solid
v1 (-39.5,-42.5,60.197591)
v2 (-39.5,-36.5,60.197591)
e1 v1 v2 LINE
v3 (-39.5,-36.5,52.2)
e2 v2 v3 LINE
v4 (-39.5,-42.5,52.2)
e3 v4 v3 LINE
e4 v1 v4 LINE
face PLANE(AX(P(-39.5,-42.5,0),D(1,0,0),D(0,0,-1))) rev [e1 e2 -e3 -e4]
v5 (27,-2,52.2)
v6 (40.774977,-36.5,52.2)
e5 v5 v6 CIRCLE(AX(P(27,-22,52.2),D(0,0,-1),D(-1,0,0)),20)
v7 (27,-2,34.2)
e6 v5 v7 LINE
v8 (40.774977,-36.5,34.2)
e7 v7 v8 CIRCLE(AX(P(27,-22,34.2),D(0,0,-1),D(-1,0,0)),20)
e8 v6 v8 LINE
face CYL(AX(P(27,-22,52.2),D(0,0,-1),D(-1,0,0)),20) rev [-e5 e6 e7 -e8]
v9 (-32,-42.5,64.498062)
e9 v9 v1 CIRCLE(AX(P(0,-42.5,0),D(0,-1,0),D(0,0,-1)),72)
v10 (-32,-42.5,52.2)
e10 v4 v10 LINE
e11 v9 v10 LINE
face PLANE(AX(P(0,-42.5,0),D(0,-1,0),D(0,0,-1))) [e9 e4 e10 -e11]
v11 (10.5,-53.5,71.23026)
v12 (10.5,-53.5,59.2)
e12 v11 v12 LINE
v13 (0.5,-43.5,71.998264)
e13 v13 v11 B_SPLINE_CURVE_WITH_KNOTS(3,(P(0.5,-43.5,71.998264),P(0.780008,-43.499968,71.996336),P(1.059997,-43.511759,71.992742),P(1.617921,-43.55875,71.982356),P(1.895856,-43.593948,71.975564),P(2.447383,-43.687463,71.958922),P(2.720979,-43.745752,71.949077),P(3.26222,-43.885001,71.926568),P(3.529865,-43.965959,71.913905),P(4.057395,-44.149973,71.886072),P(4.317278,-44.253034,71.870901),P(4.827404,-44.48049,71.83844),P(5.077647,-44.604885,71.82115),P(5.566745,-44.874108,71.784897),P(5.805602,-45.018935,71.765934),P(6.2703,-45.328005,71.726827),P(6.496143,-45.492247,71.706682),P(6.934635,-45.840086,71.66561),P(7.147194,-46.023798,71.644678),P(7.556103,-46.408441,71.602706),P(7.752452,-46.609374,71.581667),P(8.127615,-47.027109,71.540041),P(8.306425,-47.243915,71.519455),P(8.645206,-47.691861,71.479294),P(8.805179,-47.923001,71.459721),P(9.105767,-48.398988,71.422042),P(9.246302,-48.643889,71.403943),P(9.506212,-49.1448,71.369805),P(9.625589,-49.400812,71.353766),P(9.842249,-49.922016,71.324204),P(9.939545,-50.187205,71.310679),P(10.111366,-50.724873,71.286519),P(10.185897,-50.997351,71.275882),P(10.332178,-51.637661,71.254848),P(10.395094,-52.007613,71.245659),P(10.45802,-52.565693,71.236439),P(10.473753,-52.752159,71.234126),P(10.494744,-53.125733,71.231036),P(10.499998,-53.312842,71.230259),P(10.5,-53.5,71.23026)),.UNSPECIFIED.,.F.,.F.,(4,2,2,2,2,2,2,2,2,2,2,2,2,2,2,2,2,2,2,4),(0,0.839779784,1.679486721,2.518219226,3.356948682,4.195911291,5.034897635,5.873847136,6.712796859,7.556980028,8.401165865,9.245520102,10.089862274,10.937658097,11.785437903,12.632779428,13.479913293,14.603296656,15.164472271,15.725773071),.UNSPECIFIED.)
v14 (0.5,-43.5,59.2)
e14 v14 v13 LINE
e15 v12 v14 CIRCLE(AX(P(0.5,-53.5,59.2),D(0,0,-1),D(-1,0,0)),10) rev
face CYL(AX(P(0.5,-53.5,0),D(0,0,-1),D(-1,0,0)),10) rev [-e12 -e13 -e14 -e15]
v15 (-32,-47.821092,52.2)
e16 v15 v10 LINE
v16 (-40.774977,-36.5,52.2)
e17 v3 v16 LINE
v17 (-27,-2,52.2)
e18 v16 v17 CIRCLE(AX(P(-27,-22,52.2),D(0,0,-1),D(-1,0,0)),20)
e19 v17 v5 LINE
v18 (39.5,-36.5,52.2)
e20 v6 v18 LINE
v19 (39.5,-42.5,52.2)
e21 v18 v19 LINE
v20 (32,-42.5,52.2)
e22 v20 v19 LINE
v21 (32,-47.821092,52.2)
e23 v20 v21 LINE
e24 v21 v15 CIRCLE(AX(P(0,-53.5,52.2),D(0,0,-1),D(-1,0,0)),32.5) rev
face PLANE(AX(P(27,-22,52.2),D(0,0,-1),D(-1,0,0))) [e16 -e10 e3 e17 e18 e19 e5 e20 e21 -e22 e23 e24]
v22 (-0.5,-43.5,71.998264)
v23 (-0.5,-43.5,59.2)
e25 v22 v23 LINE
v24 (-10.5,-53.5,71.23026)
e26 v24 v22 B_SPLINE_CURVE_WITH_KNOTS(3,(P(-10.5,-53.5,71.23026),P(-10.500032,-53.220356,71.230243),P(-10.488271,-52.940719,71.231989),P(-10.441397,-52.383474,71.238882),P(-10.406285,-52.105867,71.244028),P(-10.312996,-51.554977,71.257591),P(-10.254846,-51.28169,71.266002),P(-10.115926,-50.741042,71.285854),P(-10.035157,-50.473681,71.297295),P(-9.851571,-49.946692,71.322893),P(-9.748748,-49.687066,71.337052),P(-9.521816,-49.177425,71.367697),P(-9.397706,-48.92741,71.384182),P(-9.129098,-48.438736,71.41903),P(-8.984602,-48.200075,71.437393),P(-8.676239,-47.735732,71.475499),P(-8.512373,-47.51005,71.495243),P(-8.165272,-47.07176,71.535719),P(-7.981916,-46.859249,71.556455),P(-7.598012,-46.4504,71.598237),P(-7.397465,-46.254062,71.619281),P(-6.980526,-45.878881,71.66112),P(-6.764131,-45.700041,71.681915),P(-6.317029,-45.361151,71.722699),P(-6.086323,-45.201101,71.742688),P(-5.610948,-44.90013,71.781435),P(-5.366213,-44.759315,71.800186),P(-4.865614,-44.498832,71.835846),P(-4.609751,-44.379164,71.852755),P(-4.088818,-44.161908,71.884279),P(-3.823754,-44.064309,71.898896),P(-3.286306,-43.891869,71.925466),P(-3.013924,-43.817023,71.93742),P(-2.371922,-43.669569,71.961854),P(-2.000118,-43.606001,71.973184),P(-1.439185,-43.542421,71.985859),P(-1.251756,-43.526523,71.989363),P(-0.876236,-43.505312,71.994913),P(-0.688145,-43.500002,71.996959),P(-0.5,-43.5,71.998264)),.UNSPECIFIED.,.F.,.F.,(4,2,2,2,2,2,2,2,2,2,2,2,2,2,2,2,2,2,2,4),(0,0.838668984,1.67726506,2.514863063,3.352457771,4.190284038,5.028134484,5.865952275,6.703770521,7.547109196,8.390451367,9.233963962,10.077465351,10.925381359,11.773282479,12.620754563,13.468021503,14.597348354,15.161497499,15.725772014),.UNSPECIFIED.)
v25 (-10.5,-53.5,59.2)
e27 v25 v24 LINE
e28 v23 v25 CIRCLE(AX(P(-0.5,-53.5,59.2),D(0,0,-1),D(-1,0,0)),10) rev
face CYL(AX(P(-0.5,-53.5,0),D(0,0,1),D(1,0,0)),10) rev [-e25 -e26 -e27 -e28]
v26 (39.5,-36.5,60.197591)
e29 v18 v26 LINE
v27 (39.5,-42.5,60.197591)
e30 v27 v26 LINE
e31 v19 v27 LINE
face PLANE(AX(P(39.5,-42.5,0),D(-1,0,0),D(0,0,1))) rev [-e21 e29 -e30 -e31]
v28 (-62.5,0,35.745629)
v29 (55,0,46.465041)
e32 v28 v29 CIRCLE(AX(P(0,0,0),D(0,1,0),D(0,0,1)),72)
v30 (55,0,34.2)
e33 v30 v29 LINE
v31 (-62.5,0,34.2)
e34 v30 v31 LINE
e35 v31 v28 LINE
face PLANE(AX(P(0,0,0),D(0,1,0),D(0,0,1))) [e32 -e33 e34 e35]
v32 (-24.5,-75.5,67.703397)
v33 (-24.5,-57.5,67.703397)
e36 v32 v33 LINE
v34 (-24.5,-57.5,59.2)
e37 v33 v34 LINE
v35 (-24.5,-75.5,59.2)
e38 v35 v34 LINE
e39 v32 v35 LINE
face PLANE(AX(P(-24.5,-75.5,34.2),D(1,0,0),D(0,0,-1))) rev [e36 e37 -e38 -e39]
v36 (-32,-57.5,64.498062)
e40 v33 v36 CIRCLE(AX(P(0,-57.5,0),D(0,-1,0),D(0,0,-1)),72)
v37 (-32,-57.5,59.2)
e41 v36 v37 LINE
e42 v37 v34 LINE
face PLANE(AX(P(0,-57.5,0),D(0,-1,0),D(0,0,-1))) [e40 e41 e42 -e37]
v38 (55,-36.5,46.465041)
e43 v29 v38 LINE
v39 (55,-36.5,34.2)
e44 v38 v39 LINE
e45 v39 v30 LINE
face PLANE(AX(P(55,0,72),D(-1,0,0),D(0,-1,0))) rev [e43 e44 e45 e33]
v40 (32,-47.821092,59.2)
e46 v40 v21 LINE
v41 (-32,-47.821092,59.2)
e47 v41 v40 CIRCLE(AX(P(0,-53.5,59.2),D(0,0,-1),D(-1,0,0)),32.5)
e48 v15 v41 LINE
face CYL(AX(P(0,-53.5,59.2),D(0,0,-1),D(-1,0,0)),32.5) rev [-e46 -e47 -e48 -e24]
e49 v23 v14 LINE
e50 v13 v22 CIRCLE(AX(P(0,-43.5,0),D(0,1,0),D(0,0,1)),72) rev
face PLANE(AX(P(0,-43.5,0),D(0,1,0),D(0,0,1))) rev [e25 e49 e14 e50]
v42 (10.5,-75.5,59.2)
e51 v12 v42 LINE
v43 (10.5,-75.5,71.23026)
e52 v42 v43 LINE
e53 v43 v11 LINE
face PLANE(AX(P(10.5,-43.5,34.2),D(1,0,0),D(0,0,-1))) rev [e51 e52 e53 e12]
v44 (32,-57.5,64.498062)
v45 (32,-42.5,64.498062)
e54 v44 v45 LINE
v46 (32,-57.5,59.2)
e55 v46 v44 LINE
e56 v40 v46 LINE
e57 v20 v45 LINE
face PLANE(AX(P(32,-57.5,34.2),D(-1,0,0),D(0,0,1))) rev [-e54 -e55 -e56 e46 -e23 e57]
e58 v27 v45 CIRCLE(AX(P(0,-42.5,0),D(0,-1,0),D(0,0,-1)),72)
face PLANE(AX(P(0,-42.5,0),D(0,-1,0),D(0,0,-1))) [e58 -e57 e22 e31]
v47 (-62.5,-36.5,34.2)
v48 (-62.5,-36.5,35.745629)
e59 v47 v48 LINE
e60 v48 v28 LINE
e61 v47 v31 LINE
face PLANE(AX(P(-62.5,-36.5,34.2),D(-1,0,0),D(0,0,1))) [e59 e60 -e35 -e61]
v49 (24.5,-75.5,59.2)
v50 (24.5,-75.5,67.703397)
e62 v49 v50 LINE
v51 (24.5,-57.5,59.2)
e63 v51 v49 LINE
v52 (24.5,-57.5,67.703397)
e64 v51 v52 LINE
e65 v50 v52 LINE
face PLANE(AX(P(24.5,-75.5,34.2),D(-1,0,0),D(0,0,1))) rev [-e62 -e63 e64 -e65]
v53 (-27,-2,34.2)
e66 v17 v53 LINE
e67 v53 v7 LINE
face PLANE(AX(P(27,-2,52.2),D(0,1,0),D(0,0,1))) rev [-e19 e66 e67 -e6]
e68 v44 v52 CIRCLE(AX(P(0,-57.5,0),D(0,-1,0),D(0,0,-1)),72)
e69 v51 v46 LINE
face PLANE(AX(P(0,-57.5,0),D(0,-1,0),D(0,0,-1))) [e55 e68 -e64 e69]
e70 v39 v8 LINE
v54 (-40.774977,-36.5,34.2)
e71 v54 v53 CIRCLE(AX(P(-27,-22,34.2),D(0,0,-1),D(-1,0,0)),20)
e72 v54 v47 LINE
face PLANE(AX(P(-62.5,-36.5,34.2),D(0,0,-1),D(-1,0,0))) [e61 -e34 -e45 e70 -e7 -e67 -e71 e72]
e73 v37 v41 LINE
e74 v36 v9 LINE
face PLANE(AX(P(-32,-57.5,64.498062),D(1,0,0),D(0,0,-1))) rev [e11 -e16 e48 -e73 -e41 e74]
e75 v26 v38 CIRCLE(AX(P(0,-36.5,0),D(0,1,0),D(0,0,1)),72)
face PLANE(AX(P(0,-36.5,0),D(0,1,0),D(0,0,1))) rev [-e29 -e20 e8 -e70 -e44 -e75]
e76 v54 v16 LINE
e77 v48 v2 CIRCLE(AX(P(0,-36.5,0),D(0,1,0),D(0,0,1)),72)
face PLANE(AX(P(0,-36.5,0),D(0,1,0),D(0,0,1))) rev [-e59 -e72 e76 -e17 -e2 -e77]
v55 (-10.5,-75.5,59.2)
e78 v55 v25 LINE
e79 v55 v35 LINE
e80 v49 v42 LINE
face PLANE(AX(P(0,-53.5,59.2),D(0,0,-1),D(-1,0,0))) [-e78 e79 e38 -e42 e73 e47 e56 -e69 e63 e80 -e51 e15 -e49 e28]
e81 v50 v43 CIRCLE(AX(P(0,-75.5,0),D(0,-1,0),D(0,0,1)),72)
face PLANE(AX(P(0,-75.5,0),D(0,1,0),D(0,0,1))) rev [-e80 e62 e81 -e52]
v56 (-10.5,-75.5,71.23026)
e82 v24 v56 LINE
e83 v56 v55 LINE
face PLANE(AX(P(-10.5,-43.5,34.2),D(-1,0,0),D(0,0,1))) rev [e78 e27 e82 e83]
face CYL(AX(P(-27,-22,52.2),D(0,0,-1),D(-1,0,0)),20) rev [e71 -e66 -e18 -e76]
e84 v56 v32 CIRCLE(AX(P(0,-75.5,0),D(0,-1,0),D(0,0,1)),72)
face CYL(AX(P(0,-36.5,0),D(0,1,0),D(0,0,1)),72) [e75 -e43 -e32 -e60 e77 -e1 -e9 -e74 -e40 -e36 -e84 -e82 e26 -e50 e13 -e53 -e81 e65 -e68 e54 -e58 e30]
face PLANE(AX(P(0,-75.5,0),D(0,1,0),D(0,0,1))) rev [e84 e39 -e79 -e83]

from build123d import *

# Parameters (mm, degrees)
BOSS_EXTRUDE1_DEPTH = 36.5
BOSS_EXTRUDE2_DEPTH = 6
BOSS_EXTRUDE3_DEPTH = 15
BOSS_EXTRUDE4_DEPTH = 18
CUT_EXTRUDE2_DEPTH  = 25
SKETCH5_W           = 21
SKETCH5_H           = 37.8
CUT_EXTRUDE1_DEPTH  = 32
FILLET1_R           = 10
CUT_EXTRUDE3_DEPTH  = 18
SKETCH9_W           = 81.549954628
SKETCH9_H           = 20
CUT_EXTRUDE4_DEPTH  = 18
SKETCH10_W          = 7.5
SKETCH10_H          = 36.5
CUT_EXTRUDE6_DEPTH  = 106.049226723


with BuildPart() as part:
    # Sketch1 → Boss-Extrude1 (new body)
    with BuildSketch(Plane(origin=(0, 0, 0), x_dir=(1, 0, 0), z_dir=(0, 1, 0))):
        with BuildLine():
            Line((-62.5, -34.2), (-62.5, -35.745629103))
            ThreePointArc((-62.5, -35.745629103), (0, -72), (62.5, -35.745629103))
            Line((62.5, -35.745629103), (62.5, -34.2))
            Line((62.5, -34.2), (-62.5, -34.2))
        make_face()
    extrude(amount=-BOSS_EXTRUDE1_DEPTH)

    # Sketch2 → Boss-Extrude2 (add)
    with BuildSketch(Plane.XZ.offset(36.5)):
        with BuildLine():
            ThreePointArc((39.5, 60.197591314), (0, 72), (-39.5, 60.197591314))
            Line((-39.5, 60.197591314), (-39.5, 34.2))
            Line((-39.5, 34.2), (39.5, 34.2))
            Line((39.5, 34.2), (39.5, 60.197591314))
        make_face()
    extrude(amount=BOSS_EXTRUDE2_DEPTH)

    # Sketch3 → Boss-Extrude3 (add)
    with BuildSketch(Plane.XZ.offset(42.5)):
        with BuildLine():
            Line((-32, 64.498061986), (-32, 34.2))
            Line((-32, 34.2), (32, 34.2))
            Line((32, 34.2), (32, 64.498061986))
            ThreePointArc((32, 64.498061986), (0, 72), (-32, 64.498061986))
        make_face()
    extrude(amount=BOSS_EXTRUDE3_DEPTH)

    # Sketch4 → Boss-Extrude4 (add)
    with BuildSketch(Plane.XZ.offset(57.5)):
        with BuildLine():
            Line((-24.5, 34.2), (-24.5, 67.703397256))
            ThreePointArc((-24.5, 67.703397256), (0, 72), (24.5, 67.703397256))
            Line((24.5, 67.703397256), (24.5, 34.2))
            Line((24.5, 34.2), (-24.5, 34.2))
        make_face()
    extrude(amount=BOSS_EXTRUDE4_DEPTH)

    # Sketch7 → Cut-Extrude2 (cut)
    with BuildSketch(Plane(origin=(0, 0, 34.2), x_dir=(-1, 0, 0), z_dir=(0, 0, -1))):
        with BuildLine():
            Line((-32.5, -53.5), (-32.5, -86))
            Line((-32.5, -86), (32.5, -86))
            Line((32.5, -86), (32.5, -53.5))
            ThreePointArc((32.5, -53.5), (0, -21), (-32.5, -53.5))
        make_face()
    extrude(amount=-CUT_EXTRUDE2_DEPTH, mode=Mode.SUBTRACT)

    # Sketch5 → Cut-Extrude1 (cut)
    with BuildSketch(Plane.XZ.offset(75.5)):
        with Locations((0, 53.1)):
            Rectangle(SKETCH5_W, SKETCH5_H)
    extrude(amount=-CUT_EXTRUDE1_DEPTH, mode=Mode.SUBTRACT)

    # Fillet1
    fillet1_edges = [part.edges().sort_by_distance(p)[0] for p in [
        (-10.5, -43.5, 65.215130212),
        (10.5, -43.5, 65.215130212),
    ]]
    fillet(fillet1_edges, radius=FILLET1_R)

    # Sketch8 → Cut-Extrude3 (cut)
    with BuildSketch(Plane(origin=(0, 0, 34.2), x_dir=(-1, 0, 0), z_dir=(0, 0, -1))):
        with BuildLine():
            Line((-27, -2), (27, -2))
            ThreePointArc((27, -2), (47, -22), (27, -42))
            Line((27, -42), (-27, -42))
            ThreePointArc((-27, -42), (-47, -22), (-27, -2))
        make_face()
    extrude(amount=-CUT_EXTRUDE3_DEPTH, mode=Mode.SUBTRACT)

    # Sketch9 → Cut-Extrude4 (cut)
    with BuildSketch(Plane(origin=(0, 0, 34.2), x_dir=(-1, 0, 0), z_dir=(0, 0, -1))):
        with Locations((0, -46.5)):
            Rectangle(SKETCH9_W, SKETCH9_H)
    extrude(amount=-CUT_EXTRUDE4_DEPTH, mode=Mode.SUBTRACT)

    # Sketch10 → Cut-Extrude6 (cut, through all)
    with BuildSketch(Plane(origin=(0, 0, 34.2), x_dir=(-1, 0, 0), z_dir=(0, 0, -1))):
        with Locations((-58.75, -18.25)):
            Rectangle(SKETCH10_W, SKETCH10_H)
    extrude(amount=-CUT_EXTRUDE6_DEPTH, mode=Mode.SUBTRACT)


solid = part.part
